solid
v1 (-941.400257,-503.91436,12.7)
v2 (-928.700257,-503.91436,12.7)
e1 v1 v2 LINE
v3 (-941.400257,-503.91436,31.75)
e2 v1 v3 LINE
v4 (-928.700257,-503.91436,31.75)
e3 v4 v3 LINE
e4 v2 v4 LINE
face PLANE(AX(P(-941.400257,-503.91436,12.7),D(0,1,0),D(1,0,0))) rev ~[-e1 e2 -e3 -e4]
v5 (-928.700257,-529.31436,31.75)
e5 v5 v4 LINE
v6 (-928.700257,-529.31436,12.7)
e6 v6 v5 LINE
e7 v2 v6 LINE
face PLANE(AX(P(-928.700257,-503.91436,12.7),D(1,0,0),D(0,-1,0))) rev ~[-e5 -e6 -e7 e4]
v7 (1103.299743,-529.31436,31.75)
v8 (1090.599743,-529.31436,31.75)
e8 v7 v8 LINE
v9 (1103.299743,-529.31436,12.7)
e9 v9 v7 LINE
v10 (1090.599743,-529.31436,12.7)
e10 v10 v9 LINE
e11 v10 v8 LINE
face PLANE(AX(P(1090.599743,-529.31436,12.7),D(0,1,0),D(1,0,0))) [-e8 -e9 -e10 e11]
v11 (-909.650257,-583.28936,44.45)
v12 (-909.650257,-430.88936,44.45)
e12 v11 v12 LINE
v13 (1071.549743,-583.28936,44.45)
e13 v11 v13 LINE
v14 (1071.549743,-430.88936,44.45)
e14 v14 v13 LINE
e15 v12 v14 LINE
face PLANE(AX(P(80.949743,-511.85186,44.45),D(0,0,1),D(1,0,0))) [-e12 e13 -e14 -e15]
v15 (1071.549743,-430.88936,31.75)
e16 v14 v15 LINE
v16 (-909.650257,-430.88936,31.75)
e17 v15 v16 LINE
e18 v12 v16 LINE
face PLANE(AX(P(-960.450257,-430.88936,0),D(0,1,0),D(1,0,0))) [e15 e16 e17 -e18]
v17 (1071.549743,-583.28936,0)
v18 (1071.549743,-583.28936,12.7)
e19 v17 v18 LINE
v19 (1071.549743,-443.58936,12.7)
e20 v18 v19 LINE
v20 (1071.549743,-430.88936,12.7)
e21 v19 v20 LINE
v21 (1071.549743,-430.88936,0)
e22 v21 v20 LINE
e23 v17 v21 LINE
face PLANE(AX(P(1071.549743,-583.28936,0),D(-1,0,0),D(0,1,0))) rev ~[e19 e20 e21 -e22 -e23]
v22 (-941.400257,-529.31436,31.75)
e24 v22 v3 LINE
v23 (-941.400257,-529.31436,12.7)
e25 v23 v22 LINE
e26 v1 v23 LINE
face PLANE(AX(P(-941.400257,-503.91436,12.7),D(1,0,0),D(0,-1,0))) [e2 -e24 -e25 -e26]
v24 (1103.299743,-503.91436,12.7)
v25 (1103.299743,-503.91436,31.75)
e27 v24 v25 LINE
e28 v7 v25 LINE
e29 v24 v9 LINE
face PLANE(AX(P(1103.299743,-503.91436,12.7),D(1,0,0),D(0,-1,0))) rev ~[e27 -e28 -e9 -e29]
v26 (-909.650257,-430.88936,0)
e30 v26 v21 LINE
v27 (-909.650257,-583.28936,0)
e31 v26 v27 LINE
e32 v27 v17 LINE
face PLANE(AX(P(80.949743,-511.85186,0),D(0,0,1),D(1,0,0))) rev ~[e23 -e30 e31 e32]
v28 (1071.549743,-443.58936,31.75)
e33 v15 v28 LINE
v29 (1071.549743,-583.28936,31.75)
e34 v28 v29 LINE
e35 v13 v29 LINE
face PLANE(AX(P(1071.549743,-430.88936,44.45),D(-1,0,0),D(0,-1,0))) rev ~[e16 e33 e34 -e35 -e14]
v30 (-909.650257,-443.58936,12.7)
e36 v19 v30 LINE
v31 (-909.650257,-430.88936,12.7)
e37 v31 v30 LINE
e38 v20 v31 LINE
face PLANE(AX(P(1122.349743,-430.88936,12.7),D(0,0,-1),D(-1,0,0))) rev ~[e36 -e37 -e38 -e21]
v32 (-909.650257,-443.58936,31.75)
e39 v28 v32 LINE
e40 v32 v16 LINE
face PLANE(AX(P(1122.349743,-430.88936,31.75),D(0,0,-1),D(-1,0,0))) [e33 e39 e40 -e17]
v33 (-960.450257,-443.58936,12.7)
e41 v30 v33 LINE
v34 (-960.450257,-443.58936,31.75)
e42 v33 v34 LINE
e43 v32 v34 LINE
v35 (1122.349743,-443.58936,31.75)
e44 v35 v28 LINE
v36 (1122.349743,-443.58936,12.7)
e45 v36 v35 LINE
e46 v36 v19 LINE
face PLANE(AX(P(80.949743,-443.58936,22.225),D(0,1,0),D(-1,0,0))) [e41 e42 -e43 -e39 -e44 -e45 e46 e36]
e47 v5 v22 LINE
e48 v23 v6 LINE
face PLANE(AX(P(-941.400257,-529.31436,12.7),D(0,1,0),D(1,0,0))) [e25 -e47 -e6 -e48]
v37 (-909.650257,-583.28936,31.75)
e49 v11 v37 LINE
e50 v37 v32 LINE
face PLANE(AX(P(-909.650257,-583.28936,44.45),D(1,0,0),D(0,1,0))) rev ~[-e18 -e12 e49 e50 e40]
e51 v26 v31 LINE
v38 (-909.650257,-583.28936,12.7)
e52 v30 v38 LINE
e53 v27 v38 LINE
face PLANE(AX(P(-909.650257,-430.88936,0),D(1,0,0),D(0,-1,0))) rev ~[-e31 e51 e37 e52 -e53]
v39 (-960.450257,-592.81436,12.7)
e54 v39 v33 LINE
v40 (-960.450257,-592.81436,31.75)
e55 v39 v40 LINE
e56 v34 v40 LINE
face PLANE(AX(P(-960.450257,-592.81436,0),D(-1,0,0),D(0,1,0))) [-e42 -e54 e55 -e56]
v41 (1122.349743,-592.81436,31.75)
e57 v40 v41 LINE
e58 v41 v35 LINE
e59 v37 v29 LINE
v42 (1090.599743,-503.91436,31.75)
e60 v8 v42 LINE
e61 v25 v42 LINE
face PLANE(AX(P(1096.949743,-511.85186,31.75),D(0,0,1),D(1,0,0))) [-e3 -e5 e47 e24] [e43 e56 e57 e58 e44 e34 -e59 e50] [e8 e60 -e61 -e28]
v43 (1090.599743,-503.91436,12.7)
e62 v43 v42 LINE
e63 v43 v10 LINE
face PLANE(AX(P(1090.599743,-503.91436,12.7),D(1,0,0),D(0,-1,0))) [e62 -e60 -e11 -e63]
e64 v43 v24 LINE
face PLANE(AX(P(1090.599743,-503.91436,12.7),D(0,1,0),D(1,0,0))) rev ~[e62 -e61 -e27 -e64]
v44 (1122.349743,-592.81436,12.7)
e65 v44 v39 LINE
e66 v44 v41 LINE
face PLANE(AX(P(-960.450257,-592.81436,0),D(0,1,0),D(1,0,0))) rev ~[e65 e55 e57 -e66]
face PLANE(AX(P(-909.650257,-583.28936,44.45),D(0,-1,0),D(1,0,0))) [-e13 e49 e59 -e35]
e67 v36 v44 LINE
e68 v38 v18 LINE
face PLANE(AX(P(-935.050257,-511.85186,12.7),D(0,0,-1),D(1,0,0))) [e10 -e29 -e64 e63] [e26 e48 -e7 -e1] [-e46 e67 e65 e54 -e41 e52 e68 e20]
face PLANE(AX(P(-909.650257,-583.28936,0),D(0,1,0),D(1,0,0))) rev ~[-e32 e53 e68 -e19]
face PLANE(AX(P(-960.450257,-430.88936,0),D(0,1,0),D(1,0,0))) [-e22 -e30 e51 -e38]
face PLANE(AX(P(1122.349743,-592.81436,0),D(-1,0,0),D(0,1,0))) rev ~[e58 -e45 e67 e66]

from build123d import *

# Parameters (mm, degrees)
F0_W     = 2082.8
F0_H     = 161.925
F1_DEPTH = 44.45
F2_W     = 1981.2
F2_H     = 9.525
F3_DEPTH = 12.7
F4_W     = 1981.2
F4_H     = 9.525
F5_DEPTH = 12.7
F6_W     = 2082.8
F6_H     = 19.05
F7_DEPTH = 12.7
F8_W     = 12.7
F8_H     = 25.4
F9_DEPTH = 31.751


with BuildPart() as f1:
    # F0 (on Top) → F1 (new body)
    with BuildSketch(Plane.XY):
        with Locations((80.949743, -511.85186)):
            Rectangle(F0_W, F0_H)
    extrude(amount=F1_DEPTH)

    # F2 (on face) → F3 (cut)
    with BuildSketch(Plane(origin=(0, 0, 0), x_dir=(1, 0, 0), z_dir=(0, 0, -1))):
        Polygon((-960.450257, 592.81436), (-960.450257, 430.88936), (-909.650257, 430.88936), (-909.650257, 583.28936), (-909.650257, 592.81436), align=None)
        with Locations((80.949743, 588.05186)):
            Rectangle(F2_W, F2_H)
        Polygon((1071.549743, 592.81436), (1071.549743, 583.28936), (1071.549743, 430.88936), (1122.349743, 430.88936), (1122.349743, 592.81436), align=None)
    extrude(amount=-F3_DEPTH, mode=Mode.SUBTRACT)

    # F4 (on face) → F5 (cut)
    with BuildSketch(Plane.XY.offset(44.45)):
        Polygon((1122.349743, -430.88936), (1071.549743, -430.88936), (1071.549743, -583.28936), (1071.549743, -592.81436), (1122.349743, -592.81436), align=None)
        with Locations((80.949743, -588.05186)):
            Rectangle(F4_W, F4_H)
        Polygon((-909.650257, -592.81436), (-909.650257, -583.28936), (-909.650257, -430.88936), (-960.450257, -430.88936), (-960.450257, -592.81436), align=None)
    extrude(amount=-F5_DEPTH, mode=Mode.SUBTRACT)

    # F6 (on face) → F7 (cut)
    with BuildSketch(Plane(origin=(0, -430.88936, 0), x_dir=(-1, 0, 0), z_dir=(0, 1, 0))):
        with Locations((-80.949743, 22.225)):
            Rectangle(F6_W, F6_H)
    extrude(amount=-F7_DEPTH, mode=Mode.SUBTRACT)

    # F8 (on face) → F9 (cut, through all)
    with BuildSketch(Plane(origin=(0, 0, 12.7), x_dir=(1, 0, 0), z_dir=(0, 0, -1))):
        with Locations((-935.050257, 516.61436)):
            Rectangle(F8_W, F8_H)
        with Locations((1096.949743, 516.61436)):
            Rectangle(F8_W, F8_H)
    extrude(amount=-F9_DEPTH, mode=Mode.SUBTRACT)


solid = f1.part
